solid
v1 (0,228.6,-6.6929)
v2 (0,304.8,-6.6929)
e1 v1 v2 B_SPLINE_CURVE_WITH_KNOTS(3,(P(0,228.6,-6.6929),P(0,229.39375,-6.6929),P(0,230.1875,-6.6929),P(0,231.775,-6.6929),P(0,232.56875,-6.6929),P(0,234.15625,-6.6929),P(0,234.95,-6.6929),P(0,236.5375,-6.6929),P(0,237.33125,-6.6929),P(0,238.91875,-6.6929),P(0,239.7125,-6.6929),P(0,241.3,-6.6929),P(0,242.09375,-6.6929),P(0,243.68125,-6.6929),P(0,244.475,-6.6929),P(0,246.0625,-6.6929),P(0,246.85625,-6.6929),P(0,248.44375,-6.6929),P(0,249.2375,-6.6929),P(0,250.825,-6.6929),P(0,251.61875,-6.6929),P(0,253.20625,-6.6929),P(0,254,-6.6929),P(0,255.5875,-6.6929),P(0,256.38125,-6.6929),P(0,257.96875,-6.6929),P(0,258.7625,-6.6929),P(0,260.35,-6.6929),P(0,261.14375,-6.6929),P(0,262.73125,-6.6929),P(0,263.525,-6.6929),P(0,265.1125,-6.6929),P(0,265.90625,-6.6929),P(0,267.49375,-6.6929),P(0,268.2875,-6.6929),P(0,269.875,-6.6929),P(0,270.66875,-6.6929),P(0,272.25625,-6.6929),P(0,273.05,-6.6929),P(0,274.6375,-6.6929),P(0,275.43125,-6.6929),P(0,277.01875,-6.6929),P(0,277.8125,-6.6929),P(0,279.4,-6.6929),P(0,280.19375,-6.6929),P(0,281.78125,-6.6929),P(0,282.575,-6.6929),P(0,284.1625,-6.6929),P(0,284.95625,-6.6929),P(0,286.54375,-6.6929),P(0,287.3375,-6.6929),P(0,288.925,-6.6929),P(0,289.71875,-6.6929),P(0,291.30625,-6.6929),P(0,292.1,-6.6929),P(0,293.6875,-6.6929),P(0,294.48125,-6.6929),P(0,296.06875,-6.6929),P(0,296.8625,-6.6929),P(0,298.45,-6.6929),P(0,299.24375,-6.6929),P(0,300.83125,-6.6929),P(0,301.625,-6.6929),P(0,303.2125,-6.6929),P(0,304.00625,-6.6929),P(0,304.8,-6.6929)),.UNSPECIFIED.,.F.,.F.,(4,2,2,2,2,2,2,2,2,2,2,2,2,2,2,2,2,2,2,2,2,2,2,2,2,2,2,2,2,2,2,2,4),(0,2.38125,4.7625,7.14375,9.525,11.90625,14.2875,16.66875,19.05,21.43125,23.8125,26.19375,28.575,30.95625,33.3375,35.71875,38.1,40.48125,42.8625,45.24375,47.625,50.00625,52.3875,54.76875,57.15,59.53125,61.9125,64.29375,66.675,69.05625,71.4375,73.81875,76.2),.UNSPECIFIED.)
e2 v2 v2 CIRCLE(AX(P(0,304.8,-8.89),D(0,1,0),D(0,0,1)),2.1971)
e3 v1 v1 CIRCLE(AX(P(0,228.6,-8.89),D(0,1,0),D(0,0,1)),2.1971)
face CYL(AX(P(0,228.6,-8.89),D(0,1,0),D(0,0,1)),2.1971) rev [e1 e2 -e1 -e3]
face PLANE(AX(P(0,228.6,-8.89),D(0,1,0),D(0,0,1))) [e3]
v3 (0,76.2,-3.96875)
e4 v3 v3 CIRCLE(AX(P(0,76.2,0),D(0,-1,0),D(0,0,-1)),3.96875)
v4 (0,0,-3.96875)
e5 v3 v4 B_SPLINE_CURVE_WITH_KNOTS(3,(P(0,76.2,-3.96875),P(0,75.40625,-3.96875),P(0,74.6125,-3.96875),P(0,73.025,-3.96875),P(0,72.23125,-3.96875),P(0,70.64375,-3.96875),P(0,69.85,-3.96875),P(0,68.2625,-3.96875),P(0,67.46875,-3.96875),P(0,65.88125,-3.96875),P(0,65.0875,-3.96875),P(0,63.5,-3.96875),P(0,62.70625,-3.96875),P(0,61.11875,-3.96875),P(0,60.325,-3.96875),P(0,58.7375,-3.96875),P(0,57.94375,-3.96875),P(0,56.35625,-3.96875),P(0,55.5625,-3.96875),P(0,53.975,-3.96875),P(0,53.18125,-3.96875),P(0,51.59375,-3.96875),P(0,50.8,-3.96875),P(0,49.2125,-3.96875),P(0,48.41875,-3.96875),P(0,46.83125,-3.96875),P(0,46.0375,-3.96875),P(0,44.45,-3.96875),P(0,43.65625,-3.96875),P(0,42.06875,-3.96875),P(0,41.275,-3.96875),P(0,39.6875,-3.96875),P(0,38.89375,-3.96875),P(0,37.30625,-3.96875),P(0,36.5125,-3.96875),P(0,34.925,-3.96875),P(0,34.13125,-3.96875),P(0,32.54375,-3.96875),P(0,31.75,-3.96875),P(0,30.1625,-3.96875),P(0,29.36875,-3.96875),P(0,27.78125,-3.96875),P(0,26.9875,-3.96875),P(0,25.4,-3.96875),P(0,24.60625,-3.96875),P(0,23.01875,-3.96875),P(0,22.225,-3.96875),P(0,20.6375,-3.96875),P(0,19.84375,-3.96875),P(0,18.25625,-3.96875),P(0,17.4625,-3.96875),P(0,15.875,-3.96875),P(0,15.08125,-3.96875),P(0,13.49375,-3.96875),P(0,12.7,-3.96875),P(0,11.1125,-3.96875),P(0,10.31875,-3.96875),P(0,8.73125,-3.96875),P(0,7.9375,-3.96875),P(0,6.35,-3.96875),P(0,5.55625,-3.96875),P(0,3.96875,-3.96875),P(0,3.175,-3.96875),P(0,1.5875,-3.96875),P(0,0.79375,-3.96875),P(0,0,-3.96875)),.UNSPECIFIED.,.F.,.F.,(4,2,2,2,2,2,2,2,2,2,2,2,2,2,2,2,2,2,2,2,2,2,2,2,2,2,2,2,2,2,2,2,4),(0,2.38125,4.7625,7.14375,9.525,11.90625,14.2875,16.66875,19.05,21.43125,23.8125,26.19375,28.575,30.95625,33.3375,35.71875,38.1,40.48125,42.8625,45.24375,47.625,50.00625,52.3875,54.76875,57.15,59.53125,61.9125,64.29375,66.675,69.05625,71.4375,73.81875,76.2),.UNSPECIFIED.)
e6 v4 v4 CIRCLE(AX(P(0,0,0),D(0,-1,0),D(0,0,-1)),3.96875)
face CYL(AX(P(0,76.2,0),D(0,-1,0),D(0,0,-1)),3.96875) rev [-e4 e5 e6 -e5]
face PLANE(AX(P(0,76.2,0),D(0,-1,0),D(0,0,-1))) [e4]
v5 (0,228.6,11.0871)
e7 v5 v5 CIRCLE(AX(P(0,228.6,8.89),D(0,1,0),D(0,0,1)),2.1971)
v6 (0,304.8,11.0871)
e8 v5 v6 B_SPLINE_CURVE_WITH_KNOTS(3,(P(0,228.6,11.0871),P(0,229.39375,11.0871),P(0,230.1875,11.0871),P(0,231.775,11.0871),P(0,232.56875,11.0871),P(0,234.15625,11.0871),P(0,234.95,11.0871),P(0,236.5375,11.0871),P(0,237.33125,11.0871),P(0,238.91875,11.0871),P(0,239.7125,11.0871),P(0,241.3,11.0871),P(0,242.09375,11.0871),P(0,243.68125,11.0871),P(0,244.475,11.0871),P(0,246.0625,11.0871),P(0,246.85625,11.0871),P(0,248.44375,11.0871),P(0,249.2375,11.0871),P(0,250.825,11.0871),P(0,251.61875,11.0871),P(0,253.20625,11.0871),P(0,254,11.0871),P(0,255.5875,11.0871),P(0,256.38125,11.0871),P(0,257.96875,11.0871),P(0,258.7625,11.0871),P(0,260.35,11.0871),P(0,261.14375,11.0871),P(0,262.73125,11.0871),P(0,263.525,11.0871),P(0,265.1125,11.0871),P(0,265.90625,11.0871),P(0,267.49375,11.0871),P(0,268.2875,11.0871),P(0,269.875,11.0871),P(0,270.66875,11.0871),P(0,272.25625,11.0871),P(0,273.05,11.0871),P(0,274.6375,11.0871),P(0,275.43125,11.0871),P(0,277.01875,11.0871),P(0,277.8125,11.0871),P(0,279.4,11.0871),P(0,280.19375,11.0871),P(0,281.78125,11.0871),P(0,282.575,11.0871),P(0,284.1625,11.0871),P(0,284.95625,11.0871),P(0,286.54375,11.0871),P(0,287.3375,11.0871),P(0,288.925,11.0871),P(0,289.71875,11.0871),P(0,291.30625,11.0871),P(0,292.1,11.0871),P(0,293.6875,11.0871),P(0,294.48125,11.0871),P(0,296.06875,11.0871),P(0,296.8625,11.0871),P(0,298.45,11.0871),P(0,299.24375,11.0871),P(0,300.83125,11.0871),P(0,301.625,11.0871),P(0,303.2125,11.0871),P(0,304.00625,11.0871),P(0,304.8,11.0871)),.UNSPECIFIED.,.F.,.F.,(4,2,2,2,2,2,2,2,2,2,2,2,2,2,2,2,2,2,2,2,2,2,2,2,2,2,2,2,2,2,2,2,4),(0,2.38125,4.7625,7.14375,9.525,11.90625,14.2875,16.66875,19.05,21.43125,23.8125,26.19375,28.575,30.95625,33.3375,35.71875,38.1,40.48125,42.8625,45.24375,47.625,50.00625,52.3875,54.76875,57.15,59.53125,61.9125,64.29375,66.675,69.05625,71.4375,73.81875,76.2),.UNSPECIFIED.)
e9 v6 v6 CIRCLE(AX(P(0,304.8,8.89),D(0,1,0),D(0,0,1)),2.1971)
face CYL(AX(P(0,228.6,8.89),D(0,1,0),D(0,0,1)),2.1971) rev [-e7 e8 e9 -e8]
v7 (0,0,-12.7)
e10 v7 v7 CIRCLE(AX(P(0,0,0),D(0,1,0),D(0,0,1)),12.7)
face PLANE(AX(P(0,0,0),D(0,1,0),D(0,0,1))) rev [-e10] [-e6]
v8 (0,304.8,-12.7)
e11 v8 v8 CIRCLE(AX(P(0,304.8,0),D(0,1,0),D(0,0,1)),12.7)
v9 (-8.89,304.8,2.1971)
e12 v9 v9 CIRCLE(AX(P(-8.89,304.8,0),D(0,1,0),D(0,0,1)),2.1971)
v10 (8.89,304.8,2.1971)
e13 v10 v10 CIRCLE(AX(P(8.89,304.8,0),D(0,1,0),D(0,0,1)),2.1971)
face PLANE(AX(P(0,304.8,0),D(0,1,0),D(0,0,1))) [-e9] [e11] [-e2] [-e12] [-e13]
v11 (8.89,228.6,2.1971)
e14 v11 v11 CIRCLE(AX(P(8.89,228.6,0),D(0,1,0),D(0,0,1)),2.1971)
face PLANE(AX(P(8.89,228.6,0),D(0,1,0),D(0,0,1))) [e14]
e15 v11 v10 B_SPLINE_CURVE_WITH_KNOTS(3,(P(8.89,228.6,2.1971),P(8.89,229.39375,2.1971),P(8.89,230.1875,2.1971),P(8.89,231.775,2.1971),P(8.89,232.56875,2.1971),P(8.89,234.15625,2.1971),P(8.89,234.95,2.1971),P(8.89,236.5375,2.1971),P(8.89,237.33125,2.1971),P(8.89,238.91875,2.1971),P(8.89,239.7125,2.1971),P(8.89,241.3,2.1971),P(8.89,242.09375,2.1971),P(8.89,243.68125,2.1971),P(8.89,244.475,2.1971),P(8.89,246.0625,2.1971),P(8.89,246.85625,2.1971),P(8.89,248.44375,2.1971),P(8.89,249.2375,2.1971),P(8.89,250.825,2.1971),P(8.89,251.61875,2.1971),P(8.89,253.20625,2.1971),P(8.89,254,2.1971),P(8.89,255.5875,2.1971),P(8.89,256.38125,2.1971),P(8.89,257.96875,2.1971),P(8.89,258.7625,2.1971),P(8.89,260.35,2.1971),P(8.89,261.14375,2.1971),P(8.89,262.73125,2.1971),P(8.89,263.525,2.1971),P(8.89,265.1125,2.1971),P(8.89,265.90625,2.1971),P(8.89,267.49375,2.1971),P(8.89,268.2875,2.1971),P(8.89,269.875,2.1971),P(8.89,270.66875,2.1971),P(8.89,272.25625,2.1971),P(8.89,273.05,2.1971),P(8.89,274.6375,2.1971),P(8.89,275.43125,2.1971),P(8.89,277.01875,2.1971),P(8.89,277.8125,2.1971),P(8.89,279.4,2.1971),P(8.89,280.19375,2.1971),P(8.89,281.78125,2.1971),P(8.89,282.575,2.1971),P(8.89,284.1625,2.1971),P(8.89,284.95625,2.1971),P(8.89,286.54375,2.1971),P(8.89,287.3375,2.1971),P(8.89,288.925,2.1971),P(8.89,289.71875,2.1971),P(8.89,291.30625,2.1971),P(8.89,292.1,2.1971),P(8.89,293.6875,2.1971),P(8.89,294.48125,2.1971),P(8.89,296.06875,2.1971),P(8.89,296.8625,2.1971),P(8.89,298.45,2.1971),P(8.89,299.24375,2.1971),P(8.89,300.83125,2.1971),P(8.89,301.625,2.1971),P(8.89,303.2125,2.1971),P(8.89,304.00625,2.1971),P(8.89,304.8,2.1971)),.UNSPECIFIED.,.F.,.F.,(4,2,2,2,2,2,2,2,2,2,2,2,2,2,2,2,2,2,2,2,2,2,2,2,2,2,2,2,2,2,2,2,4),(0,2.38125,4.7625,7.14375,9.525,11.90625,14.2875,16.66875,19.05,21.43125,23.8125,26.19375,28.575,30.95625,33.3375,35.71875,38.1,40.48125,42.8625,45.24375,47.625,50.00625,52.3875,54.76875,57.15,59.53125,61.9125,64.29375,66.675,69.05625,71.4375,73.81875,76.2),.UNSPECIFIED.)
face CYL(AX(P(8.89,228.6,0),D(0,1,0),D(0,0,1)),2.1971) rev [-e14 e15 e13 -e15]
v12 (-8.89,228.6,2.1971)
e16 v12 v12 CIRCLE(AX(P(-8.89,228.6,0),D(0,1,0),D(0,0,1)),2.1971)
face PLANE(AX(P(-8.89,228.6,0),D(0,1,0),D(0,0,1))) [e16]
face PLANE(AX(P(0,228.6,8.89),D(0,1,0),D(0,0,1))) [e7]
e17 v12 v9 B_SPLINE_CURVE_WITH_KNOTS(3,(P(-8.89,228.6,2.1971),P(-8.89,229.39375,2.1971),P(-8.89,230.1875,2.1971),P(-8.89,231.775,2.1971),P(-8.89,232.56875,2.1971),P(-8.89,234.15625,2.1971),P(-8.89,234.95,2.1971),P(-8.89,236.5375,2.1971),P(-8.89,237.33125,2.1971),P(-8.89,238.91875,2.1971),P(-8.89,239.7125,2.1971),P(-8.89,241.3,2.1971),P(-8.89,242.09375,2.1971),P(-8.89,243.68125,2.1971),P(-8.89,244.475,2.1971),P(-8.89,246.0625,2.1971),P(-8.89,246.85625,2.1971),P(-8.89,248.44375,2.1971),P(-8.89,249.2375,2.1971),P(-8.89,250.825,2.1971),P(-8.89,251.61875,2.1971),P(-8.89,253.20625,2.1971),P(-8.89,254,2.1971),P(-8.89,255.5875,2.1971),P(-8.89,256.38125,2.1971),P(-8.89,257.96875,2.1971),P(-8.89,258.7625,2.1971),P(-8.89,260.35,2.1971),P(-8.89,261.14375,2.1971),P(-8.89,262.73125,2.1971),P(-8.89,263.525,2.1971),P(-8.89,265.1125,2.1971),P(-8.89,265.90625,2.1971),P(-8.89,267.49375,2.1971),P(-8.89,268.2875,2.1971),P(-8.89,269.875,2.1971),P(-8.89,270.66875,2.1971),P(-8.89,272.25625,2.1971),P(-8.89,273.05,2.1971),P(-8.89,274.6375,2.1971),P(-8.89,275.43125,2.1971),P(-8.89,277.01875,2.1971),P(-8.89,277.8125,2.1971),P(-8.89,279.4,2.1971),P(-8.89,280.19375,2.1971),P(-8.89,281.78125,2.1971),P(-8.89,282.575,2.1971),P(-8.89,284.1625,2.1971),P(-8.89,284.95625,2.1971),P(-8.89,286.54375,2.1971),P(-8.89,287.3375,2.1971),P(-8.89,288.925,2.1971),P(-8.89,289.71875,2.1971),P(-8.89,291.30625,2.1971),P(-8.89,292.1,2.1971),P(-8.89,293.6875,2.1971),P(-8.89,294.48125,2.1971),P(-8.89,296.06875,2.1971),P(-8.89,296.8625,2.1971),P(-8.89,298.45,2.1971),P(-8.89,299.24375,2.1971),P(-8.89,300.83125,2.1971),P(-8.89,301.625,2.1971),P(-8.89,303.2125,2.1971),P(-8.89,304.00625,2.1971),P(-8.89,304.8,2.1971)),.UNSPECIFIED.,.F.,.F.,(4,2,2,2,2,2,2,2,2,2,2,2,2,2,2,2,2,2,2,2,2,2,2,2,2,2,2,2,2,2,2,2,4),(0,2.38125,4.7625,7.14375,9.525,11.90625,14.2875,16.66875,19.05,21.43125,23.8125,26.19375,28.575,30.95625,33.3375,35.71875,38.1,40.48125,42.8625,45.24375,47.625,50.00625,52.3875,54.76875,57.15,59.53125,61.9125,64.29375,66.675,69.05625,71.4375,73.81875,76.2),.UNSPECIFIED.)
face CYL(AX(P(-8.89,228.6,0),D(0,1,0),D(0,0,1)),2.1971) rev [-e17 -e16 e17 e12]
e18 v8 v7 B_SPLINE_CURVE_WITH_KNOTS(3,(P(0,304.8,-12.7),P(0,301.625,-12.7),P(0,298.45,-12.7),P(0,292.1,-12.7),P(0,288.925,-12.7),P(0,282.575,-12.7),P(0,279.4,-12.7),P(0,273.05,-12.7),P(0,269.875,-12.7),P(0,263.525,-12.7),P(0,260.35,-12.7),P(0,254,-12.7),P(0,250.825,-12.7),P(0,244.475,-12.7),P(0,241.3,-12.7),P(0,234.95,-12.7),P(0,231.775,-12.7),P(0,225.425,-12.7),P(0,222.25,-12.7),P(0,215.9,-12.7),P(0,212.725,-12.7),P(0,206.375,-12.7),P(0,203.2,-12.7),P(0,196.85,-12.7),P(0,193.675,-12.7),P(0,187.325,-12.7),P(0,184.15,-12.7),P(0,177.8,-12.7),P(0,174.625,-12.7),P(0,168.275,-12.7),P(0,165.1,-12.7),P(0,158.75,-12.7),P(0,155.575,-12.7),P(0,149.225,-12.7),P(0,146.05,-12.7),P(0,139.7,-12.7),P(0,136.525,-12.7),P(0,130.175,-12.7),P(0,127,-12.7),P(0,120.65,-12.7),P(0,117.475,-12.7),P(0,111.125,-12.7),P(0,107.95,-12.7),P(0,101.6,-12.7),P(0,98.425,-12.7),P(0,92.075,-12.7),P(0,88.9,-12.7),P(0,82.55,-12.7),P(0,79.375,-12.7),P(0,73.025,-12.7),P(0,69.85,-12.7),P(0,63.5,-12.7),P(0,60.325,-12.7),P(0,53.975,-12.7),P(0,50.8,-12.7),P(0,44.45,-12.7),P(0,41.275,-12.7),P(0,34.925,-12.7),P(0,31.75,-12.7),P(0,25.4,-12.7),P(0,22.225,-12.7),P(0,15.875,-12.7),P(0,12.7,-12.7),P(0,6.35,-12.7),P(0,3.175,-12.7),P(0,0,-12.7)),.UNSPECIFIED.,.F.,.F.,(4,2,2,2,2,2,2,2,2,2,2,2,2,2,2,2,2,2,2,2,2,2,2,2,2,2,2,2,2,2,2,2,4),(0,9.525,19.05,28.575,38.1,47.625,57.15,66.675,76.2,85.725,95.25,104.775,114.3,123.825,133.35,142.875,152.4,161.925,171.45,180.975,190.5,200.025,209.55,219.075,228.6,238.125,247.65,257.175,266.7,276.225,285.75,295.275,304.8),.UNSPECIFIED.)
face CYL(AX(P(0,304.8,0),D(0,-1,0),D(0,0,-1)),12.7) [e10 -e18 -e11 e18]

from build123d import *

# Parameters (mm, degrees)
SKETCH1_R           = 12.7
BOSS_EXTRUDE1_DEPTH = 304.8
SKETCH2_R           = 3.96875
CUT_EXTRUDE1_DEPTH  = 76.2
SKETCH3_R           = 2.1971
CUT_EXTRUDE2_DEPTH  = 76.2


with BuildPart() as part:
    # Sketch1 → Boss-Extrude1 (new body)
    with BuildSketch(Plane(origin=(0, 0, 0), x_dir=(1, 0, 0), z_dir=(0, 1, 0))):
        with Locations(Location((0, 0, 0), (0, 0, 90))):
            Circle(SKETCH1_R)
    extrude(amount=BOSS_EXTRUDE1_DEPTH)

    # Sketch2 → Cut-Extrude1 (cut)
    with BuildSketch(Plane.XZ):
        with Locations(Location((0, 0, 0), (0, 0, 270))):
            Circle(SKETCH2_R)
    extrude(amount=-CUT_EXTRUDE1_DEPTH, mode=Mode.SUBTRACT)

    # Sketch3 → Cut-Extrude2 (cut)
    with BuildSketch(Plane(origin=(0, 304.8, 0), x_dir=(1, 0, 0), z_dir=(0, 1, 0))):
        with Locations(Location((0, 8.89, 0), (0, 0, 270))):
            Circle(SKETCH3_R)
        with Locations(Location((8.89, 0, 0), (0, 0, 270))):
            Circle(SKETCH3_R)
        with Locations(Location((0, -8.89, 0), (0, 0, 270))):
            Circle(SKETCH3_R)
        with Locations(Location((-8.89, 0, 0), (0, 0, 270))):
            Circle(SKETCH3_R)
    extrude(amount=-CUT_EXTRUDE2_DEPTH, mode=Mode.SUBTRACT)


solid = part.part
